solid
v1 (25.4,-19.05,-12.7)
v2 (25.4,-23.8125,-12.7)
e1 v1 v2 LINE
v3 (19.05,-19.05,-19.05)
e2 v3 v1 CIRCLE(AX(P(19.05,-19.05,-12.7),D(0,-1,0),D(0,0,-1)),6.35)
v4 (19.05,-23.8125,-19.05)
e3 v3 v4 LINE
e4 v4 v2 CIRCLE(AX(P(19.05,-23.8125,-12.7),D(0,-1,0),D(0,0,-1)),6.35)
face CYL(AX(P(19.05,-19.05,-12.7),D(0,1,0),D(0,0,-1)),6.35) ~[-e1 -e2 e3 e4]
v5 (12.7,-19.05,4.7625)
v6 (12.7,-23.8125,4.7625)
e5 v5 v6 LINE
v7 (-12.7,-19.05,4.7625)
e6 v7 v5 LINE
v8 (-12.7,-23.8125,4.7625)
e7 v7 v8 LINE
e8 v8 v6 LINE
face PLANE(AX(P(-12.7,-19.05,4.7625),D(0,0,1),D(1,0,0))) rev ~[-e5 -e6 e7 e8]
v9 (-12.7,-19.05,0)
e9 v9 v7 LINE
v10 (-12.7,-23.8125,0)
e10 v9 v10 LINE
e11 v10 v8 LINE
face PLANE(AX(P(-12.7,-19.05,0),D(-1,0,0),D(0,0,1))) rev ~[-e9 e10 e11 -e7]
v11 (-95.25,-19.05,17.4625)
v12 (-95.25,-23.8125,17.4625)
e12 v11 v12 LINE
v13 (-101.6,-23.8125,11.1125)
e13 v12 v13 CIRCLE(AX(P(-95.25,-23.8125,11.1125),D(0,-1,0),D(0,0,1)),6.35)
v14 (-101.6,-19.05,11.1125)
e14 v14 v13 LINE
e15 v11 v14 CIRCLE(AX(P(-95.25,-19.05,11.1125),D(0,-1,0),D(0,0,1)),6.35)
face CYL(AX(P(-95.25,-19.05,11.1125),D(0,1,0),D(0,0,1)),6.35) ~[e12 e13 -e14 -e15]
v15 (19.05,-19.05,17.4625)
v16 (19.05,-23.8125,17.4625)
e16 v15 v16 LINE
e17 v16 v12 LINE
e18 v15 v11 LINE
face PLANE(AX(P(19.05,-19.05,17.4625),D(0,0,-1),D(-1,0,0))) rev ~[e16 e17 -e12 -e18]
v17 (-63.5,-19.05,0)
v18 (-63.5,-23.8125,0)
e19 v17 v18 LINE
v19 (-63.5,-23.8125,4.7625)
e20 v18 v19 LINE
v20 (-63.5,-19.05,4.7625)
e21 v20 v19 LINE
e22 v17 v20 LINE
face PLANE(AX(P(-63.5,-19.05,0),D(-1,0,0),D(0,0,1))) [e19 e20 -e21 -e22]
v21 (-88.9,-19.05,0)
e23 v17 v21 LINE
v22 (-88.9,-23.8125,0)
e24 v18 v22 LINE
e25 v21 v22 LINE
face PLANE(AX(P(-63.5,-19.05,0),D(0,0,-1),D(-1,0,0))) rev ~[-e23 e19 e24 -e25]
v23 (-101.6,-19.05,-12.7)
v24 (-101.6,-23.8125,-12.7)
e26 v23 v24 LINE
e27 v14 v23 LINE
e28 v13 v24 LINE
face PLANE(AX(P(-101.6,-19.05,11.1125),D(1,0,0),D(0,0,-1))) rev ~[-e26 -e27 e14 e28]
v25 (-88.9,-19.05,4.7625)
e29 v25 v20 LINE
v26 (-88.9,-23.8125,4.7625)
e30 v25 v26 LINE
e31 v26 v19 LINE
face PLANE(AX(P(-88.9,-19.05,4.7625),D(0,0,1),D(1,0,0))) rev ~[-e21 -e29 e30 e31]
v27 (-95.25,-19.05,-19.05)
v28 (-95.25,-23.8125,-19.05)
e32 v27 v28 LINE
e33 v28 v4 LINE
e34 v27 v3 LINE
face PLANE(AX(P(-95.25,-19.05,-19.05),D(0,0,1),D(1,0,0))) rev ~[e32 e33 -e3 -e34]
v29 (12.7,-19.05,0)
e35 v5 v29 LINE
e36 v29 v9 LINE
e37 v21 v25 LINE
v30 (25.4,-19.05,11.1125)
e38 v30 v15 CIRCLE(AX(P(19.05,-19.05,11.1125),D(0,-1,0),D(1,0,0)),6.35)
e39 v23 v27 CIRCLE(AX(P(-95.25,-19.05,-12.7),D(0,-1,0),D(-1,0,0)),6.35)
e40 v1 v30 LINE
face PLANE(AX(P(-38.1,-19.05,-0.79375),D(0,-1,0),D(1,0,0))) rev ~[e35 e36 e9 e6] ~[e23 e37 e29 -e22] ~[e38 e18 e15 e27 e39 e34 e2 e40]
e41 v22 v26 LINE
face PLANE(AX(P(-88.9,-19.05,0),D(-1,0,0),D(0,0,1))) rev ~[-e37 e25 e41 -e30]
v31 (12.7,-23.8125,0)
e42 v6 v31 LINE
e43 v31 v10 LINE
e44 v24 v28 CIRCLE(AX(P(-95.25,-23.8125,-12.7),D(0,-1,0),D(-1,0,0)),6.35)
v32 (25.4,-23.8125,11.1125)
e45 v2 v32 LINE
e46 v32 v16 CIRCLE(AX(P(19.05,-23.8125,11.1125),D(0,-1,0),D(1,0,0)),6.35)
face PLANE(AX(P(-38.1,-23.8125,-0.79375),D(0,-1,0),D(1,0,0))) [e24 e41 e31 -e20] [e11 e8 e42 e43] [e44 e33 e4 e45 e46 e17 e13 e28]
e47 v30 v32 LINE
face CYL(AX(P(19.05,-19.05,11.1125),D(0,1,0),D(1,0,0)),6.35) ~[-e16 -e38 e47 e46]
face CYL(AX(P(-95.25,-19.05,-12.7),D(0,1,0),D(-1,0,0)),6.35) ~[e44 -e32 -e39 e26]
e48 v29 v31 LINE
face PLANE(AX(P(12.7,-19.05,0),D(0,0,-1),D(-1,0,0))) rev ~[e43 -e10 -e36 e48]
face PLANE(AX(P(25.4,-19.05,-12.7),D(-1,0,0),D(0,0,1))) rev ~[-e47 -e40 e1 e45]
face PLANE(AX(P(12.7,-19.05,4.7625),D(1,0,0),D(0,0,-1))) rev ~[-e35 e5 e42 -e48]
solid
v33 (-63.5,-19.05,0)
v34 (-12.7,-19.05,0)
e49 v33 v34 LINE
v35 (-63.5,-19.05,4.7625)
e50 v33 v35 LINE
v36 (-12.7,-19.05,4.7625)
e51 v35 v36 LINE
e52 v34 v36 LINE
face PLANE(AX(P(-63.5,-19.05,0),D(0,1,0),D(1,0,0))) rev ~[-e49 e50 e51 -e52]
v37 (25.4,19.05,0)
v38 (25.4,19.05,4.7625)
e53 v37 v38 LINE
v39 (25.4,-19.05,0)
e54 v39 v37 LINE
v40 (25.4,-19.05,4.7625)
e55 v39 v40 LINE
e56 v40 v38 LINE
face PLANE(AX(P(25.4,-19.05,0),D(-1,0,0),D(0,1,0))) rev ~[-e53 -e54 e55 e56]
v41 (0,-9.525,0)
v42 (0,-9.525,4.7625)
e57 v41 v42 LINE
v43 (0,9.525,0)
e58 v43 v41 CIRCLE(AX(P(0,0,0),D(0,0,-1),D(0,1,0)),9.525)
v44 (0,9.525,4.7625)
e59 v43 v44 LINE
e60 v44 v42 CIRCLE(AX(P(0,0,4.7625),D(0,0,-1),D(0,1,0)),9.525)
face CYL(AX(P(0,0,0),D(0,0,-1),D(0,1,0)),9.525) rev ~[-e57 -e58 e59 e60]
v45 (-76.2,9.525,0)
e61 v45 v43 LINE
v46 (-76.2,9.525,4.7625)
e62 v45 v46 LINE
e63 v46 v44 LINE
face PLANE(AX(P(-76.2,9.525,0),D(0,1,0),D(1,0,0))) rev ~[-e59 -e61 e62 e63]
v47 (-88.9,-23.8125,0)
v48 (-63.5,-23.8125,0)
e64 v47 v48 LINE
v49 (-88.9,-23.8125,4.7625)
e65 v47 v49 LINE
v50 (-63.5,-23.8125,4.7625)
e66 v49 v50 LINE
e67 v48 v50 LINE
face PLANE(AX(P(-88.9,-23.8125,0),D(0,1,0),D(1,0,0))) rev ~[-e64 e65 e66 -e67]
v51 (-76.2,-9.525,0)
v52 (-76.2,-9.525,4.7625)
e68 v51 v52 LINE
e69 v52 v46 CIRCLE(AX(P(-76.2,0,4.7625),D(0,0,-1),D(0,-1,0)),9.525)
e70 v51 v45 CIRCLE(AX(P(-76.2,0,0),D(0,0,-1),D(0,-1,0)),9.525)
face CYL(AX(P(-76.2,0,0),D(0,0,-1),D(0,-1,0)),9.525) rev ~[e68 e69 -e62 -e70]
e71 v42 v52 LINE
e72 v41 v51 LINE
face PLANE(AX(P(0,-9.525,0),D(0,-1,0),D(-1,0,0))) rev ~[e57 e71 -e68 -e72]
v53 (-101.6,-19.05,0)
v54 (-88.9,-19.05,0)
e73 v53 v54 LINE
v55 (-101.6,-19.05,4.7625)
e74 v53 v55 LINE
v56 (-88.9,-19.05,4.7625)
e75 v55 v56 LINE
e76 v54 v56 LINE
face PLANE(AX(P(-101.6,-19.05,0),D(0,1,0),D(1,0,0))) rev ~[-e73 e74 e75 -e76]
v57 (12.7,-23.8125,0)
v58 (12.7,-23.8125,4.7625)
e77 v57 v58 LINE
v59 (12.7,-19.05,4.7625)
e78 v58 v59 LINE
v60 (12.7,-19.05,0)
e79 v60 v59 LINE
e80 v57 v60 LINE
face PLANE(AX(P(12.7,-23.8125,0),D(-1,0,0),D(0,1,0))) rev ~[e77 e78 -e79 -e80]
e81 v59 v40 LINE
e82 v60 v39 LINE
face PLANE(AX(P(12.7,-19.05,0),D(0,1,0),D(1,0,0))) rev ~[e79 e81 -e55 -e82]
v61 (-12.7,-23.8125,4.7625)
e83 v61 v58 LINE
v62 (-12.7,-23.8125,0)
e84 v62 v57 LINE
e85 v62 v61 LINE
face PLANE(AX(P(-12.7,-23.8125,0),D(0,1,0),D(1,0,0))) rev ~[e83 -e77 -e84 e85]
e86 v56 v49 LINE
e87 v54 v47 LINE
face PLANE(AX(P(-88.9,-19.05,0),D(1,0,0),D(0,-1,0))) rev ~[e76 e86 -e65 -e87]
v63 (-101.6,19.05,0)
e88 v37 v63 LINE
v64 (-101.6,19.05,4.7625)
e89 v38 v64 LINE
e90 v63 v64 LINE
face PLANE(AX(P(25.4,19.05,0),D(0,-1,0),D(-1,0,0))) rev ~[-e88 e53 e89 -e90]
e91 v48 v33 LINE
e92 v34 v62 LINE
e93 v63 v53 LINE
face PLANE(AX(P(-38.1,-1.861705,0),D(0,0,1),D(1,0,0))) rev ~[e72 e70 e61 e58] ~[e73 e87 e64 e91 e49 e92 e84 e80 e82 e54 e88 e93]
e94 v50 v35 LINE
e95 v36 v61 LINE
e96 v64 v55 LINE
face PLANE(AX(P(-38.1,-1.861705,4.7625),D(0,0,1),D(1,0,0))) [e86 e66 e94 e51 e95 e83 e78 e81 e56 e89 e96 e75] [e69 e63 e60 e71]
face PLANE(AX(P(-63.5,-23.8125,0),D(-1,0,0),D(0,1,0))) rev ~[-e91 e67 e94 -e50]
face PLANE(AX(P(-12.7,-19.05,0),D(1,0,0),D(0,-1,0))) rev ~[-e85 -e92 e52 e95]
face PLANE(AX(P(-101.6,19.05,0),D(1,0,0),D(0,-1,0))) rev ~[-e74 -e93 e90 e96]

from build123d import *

# Parameters (mm, degrees)
F1_DEPTH = 4.7625
F2_W     = 50.8
F2_H     = 4.7625
F3_DEPTH = 4.7625


with BuildPart() as f1:
    # F0 (on Top) → F1 (new body)
    with BuildSketch(Plane.XY):
        Polygon((25.4, 19.05), (-101.6, 19.05), (-101.6, -19.05), (-88.9, -19.05), (-88.9, -23.8125), (-63.5, -23.8125), (-63.5, -19.05), (-12.7, -19.05), (-12.7, -23.8125), (12.7, -23.8125), (12.7, -19.05), (25.4, -19.05), align=None)
        with BuildLine():
            ThreePointArc((-76.2, -9.525), (-85.725, 0), (-76.2, 9.525))
            Line((-76.2, 9.525), (0, 9.525))
            ThreePointArc((0, 9.525), (9.525, 0), (0, -9.525))
            Line((0, -9.525), (-76.2, -9.525))
        make_face(mode=Mode.SUBTRACT)
    extrude(amount=F1_DEPTH)


with BuildPart() as f3:
    # F2 (on face) → F3 (new body)
    with BuildSketch(Plane.XZ.offset(19.05)):
        with BuildLine():
            ThreePointArc((-95.25, 17.4625), (-99.7401280605, 15.6026280605), (-101.6, 11.1125))
            Line((-101.6, 11.1125), (-101.6, -12.7))
            ThreePointArc((-101.6, -12.7), (-99.7401280605, -17.1901280605), (-95.25, -19.05))
            Line((-95.25, -19.05), (19.05, -19.05))
            ThreePointArc((19.05, -19.05), (23.5401280605, -17.1901280605), (25.4, -12.7))
            Line((25.4, -12.7), (25.4, 11.1125))
            ThreePointArc((25.4, 11.1125), (23.5401280605, 15.6026280605), (19.05, 17.4625))
            Line((19.05, 17.4625), (-95.25, 17.4625))
        make_face()
        Polygon((-63.5, 0), (-88.9, 0), (-88.9, 4.7625), (-63.5, 4.7625), (-12.7, 4.7625), (12.7, 4.7625), (12.7, 0), (-12.7, 0), align=None, mode=Mode.SUBTRACT)
        with Locations((-38.1, 2.38125)):
            Rectangle(F2_W, F2_H)
    extrude(amount=F3_DEPTH)


solid = Compound([f1.part, f3.part])
